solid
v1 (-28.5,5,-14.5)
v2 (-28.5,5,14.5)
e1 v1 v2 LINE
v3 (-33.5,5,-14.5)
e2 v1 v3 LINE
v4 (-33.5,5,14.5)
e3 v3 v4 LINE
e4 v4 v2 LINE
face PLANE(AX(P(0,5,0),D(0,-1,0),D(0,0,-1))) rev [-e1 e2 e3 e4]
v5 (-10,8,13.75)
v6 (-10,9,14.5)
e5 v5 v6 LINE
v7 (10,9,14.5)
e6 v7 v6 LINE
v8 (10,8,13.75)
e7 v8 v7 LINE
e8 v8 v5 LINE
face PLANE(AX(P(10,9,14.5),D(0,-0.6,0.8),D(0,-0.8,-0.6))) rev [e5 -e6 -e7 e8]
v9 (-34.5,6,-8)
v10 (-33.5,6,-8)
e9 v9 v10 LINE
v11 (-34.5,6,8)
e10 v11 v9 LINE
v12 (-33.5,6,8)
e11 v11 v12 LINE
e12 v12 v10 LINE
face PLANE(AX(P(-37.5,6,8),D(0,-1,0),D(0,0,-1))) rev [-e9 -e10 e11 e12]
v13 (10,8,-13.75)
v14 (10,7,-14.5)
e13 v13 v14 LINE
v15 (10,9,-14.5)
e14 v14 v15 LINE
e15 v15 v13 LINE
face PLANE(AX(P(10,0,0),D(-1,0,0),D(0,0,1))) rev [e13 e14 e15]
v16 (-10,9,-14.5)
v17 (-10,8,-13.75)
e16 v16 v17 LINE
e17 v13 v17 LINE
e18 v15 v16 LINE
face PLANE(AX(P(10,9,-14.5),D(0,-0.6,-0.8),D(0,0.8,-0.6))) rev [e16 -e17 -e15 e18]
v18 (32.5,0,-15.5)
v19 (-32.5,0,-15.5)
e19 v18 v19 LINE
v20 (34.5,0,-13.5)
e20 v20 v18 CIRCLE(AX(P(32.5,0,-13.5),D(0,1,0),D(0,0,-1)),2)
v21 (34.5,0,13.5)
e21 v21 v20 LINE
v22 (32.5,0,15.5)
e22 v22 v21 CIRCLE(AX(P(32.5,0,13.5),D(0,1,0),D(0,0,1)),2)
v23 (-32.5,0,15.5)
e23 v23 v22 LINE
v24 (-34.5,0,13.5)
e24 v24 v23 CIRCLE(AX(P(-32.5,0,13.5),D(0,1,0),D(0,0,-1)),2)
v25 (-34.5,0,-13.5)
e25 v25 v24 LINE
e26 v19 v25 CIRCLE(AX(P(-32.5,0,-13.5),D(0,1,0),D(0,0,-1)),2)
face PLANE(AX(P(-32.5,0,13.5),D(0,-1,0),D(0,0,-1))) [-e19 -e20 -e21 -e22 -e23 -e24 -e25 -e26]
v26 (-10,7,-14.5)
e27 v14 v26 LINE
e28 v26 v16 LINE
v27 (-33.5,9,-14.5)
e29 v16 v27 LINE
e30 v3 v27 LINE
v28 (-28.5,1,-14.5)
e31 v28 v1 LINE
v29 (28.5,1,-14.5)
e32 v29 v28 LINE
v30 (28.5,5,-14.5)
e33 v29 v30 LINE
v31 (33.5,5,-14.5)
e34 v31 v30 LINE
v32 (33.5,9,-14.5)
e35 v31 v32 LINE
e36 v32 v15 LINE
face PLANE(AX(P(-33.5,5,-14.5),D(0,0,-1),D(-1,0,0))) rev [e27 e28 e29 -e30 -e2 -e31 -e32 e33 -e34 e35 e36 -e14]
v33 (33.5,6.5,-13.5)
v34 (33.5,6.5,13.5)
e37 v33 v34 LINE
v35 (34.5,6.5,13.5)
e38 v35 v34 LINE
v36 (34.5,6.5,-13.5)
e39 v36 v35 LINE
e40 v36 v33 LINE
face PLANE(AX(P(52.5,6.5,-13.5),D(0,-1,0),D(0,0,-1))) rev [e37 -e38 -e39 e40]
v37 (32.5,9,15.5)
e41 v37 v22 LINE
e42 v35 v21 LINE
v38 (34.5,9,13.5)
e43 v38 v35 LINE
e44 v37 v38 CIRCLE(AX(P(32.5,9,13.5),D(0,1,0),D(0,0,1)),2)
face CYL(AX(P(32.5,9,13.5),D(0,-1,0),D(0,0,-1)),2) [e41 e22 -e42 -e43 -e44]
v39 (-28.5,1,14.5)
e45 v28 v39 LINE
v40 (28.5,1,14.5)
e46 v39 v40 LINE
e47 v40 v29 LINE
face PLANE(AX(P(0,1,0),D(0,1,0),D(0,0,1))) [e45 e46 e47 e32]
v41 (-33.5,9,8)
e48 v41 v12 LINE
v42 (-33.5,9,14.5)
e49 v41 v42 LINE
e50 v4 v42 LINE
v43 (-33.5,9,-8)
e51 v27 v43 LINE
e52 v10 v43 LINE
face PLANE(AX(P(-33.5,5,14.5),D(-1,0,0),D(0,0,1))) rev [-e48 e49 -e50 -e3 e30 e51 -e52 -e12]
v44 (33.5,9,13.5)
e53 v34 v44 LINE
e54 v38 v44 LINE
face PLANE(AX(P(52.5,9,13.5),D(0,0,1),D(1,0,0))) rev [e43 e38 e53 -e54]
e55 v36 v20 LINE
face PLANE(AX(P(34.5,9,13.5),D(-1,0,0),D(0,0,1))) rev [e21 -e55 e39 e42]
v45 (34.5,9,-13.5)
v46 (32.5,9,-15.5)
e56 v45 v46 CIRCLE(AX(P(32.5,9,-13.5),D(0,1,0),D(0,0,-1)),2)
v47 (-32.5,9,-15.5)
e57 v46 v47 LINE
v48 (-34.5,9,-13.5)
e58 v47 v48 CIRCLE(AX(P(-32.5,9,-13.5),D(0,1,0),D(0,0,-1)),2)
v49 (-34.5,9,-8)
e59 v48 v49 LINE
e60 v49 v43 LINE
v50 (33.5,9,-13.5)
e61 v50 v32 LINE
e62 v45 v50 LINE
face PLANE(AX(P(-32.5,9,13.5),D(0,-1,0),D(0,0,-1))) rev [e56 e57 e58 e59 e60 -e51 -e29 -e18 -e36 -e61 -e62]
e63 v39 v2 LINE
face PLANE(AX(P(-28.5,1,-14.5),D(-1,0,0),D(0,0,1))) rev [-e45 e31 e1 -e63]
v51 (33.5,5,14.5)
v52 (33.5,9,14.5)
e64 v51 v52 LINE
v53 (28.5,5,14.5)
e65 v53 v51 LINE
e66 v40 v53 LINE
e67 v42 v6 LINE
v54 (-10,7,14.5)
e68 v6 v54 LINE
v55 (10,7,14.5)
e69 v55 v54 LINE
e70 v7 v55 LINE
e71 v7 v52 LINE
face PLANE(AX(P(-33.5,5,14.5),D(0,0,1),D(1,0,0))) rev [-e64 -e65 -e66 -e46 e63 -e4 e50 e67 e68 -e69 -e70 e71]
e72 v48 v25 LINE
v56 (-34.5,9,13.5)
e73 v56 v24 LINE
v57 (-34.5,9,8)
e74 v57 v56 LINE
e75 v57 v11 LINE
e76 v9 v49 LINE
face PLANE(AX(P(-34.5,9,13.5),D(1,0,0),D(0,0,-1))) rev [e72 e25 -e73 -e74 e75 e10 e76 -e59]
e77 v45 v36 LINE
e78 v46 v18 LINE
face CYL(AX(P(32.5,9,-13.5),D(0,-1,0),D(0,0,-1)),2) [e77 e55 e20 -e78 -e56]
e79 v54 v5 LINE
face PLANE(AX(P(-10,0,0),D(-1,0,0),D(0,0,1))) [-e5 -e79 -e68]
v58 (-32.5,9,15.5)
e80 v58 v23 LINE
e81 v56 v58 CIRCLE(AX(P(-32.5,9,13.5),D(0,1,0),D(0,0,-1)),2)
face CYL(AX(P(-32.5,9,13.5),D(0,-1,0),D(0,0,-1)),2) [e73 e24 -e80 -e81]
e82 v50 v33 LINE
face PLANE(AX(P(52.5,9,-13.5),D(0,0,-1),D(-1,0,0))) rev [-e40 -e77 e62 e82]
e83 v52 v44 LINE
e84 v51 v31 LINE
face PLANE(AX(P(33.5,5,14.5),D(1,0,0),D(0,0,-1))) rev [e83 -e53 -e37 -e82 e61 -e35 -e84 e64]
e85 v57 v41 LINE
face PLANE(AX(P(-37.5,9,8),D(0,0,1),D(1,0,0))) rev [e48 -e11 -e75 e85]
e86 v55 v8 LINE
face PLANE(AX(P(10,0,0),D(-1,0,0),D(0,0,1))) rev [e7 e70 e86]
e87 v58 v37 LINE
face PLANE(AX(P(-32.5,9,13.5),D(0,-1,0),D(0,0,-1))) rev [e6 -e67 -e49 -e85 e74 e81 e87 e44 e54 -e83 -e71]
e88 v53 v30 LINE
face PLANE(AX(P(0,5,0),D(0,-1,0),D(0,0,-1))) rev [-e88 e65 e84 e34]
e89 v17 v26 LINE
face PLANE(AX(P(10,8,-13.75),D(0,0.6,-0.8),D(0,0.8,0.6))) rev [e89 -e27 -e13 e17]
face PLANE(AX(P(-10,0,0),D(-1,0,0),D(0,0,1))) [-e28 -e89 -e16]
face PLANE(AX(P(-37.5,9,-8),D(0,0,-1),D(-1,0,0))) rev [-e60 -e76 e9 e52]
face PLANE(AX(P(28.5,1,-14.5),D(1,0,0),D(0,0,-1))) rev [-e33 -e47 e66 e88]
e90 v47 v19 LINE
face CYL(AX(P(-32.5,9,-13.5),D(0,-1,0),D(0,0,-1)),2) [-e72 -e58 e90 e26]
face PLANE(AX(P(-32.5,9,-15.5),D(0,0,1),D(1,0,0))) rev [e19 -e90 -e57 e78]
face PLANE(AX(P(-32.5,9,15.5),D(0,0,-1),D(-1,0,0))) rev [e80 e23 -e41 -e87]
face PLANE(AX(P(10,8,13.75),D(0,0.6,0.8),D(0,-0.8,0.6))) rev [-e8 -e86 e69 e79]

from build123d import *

# Parameters (mm, degrees)
BOSS_EXTRUDE1_DEPTH = 9
SKETCH4_W           = 67
SKETCH4_H           = 29
CUT_EXTRUDE1_DEPTH  = 4
SKETCH7_W           = 27
SKETCH7_H           = 2.5
CUT_EXTRUDE2_DEPTH  = 19
SKETCH9_W           = 57
SKETCH9_H           = 29
CUT_EXTRUDE3_DEPTH  = 4
SKETCH10_W          = 16
SKETCH10_H          = 3
CUT_EXTRUDE4_DEPTH  = 4
BOSS_EXTRUDE4_DEPTH = 10


with BuildPart() as part:
    # Sketch1 → Boss-Extrude1 (new body)
    with BuildSketch(Plane(origin=(0, 0, 0), x_dir=(1, 0, 0), z_dir=(0, 1, 0))):
        with BuildLine():
            Line((-32.5, -15.5), (32.5, -15.5))
            ThreePointArc((32.5, -15.5), (33.914213562, -14.914213562), (34.5, -13.5))
            Line((34.5, -13.5), (34.5, 13.5))
            ThreePointArc((34.5, 13.5), (33.914213562, 14.914213562), (32.5, 15.5))
            Line((32.5, 15.5), (-32.5, 15.5))
            ThreePointArc((-32.5, 15.5), (-33.914213562, 14.914213562), (-34.5, 13.5))
            Line((-34.5, 13.5), (-34.5, -13.5))
            ThreePointArc((-34.5, -13.5), (-33.914213562, -14.914213562), (-32.5, -15.5))
        make_face()
    extrude(amount=BOSS_EXTRUDE1_DEPTH)

    # Sketch4 → Cut-Extrude1 (cut)
    with BuildSketch(Plane(origin=(0, 9, 0), x_dir=(1, 0, 0), z_dir=(0, 1, 0))):
        Rectangle(SKETCH4_W, SKETCH4_H)
    extrude(amount=-CUT_EXTRUDE1_DEPTH, mode=Mode.SUBTRACT)

    # Sketch7 → Cut-Extrude2 (cut)
    with BuildSketch(Plane.ZY.offset(-33.5)):
        with Locations((0, 7.75)):
            Rectangle(SKETCH7_W, SKETCH7_H)
    extrude(amount=-CUT_EXTRUDE2_DEPTH, mode=Mode.SUBTRACT)

    # Sketch9 → Cut-Extrude3 (cut)
    with BuildSketch(Plane(origin=(0, 5, 0), x_dir=(1, 0, 0), z_dir=(0, 1, 0))):
        Rectangle(SKETCH9_W, SKETCH9_H)
    extrude(amount=-CUT_EXTRUDE3_DEPTH, mode=Mode.SUBTRACT)

    # Sketch10 → Cut-Extrude4 (cut)
    with BuildSketch(Plane(origin=(-33.5, 0, 0), x_dir=(0, 0, -1), z_dir=(1, 0, 0))):
        with Locations((0, 7.5)):
            Rectangle(SKETCH10_W, SKETCH10_H)
    extrude(amount=-CUT_EXTRUDE4_DEPTH, mode=Mode.SUBTRACT)

    # Sketch13 → Boss-Extrude4 (add, symmetric)
    with BuildSketch(Plane(origin=(0, 0, 0), x_dir=(0, 0, -1), z_dir=(1, 0, 0))):
        Polygon((14.5, 7), (14.5, 9), (13.75, 8), align=None)
        Polygon((-13.75, 8), (-14.5, 7), (-14.5, 9), align=None)
    extrude(amount=BOSS_EXTRUDE4_DEPTH, both=True)


solid = part.part
